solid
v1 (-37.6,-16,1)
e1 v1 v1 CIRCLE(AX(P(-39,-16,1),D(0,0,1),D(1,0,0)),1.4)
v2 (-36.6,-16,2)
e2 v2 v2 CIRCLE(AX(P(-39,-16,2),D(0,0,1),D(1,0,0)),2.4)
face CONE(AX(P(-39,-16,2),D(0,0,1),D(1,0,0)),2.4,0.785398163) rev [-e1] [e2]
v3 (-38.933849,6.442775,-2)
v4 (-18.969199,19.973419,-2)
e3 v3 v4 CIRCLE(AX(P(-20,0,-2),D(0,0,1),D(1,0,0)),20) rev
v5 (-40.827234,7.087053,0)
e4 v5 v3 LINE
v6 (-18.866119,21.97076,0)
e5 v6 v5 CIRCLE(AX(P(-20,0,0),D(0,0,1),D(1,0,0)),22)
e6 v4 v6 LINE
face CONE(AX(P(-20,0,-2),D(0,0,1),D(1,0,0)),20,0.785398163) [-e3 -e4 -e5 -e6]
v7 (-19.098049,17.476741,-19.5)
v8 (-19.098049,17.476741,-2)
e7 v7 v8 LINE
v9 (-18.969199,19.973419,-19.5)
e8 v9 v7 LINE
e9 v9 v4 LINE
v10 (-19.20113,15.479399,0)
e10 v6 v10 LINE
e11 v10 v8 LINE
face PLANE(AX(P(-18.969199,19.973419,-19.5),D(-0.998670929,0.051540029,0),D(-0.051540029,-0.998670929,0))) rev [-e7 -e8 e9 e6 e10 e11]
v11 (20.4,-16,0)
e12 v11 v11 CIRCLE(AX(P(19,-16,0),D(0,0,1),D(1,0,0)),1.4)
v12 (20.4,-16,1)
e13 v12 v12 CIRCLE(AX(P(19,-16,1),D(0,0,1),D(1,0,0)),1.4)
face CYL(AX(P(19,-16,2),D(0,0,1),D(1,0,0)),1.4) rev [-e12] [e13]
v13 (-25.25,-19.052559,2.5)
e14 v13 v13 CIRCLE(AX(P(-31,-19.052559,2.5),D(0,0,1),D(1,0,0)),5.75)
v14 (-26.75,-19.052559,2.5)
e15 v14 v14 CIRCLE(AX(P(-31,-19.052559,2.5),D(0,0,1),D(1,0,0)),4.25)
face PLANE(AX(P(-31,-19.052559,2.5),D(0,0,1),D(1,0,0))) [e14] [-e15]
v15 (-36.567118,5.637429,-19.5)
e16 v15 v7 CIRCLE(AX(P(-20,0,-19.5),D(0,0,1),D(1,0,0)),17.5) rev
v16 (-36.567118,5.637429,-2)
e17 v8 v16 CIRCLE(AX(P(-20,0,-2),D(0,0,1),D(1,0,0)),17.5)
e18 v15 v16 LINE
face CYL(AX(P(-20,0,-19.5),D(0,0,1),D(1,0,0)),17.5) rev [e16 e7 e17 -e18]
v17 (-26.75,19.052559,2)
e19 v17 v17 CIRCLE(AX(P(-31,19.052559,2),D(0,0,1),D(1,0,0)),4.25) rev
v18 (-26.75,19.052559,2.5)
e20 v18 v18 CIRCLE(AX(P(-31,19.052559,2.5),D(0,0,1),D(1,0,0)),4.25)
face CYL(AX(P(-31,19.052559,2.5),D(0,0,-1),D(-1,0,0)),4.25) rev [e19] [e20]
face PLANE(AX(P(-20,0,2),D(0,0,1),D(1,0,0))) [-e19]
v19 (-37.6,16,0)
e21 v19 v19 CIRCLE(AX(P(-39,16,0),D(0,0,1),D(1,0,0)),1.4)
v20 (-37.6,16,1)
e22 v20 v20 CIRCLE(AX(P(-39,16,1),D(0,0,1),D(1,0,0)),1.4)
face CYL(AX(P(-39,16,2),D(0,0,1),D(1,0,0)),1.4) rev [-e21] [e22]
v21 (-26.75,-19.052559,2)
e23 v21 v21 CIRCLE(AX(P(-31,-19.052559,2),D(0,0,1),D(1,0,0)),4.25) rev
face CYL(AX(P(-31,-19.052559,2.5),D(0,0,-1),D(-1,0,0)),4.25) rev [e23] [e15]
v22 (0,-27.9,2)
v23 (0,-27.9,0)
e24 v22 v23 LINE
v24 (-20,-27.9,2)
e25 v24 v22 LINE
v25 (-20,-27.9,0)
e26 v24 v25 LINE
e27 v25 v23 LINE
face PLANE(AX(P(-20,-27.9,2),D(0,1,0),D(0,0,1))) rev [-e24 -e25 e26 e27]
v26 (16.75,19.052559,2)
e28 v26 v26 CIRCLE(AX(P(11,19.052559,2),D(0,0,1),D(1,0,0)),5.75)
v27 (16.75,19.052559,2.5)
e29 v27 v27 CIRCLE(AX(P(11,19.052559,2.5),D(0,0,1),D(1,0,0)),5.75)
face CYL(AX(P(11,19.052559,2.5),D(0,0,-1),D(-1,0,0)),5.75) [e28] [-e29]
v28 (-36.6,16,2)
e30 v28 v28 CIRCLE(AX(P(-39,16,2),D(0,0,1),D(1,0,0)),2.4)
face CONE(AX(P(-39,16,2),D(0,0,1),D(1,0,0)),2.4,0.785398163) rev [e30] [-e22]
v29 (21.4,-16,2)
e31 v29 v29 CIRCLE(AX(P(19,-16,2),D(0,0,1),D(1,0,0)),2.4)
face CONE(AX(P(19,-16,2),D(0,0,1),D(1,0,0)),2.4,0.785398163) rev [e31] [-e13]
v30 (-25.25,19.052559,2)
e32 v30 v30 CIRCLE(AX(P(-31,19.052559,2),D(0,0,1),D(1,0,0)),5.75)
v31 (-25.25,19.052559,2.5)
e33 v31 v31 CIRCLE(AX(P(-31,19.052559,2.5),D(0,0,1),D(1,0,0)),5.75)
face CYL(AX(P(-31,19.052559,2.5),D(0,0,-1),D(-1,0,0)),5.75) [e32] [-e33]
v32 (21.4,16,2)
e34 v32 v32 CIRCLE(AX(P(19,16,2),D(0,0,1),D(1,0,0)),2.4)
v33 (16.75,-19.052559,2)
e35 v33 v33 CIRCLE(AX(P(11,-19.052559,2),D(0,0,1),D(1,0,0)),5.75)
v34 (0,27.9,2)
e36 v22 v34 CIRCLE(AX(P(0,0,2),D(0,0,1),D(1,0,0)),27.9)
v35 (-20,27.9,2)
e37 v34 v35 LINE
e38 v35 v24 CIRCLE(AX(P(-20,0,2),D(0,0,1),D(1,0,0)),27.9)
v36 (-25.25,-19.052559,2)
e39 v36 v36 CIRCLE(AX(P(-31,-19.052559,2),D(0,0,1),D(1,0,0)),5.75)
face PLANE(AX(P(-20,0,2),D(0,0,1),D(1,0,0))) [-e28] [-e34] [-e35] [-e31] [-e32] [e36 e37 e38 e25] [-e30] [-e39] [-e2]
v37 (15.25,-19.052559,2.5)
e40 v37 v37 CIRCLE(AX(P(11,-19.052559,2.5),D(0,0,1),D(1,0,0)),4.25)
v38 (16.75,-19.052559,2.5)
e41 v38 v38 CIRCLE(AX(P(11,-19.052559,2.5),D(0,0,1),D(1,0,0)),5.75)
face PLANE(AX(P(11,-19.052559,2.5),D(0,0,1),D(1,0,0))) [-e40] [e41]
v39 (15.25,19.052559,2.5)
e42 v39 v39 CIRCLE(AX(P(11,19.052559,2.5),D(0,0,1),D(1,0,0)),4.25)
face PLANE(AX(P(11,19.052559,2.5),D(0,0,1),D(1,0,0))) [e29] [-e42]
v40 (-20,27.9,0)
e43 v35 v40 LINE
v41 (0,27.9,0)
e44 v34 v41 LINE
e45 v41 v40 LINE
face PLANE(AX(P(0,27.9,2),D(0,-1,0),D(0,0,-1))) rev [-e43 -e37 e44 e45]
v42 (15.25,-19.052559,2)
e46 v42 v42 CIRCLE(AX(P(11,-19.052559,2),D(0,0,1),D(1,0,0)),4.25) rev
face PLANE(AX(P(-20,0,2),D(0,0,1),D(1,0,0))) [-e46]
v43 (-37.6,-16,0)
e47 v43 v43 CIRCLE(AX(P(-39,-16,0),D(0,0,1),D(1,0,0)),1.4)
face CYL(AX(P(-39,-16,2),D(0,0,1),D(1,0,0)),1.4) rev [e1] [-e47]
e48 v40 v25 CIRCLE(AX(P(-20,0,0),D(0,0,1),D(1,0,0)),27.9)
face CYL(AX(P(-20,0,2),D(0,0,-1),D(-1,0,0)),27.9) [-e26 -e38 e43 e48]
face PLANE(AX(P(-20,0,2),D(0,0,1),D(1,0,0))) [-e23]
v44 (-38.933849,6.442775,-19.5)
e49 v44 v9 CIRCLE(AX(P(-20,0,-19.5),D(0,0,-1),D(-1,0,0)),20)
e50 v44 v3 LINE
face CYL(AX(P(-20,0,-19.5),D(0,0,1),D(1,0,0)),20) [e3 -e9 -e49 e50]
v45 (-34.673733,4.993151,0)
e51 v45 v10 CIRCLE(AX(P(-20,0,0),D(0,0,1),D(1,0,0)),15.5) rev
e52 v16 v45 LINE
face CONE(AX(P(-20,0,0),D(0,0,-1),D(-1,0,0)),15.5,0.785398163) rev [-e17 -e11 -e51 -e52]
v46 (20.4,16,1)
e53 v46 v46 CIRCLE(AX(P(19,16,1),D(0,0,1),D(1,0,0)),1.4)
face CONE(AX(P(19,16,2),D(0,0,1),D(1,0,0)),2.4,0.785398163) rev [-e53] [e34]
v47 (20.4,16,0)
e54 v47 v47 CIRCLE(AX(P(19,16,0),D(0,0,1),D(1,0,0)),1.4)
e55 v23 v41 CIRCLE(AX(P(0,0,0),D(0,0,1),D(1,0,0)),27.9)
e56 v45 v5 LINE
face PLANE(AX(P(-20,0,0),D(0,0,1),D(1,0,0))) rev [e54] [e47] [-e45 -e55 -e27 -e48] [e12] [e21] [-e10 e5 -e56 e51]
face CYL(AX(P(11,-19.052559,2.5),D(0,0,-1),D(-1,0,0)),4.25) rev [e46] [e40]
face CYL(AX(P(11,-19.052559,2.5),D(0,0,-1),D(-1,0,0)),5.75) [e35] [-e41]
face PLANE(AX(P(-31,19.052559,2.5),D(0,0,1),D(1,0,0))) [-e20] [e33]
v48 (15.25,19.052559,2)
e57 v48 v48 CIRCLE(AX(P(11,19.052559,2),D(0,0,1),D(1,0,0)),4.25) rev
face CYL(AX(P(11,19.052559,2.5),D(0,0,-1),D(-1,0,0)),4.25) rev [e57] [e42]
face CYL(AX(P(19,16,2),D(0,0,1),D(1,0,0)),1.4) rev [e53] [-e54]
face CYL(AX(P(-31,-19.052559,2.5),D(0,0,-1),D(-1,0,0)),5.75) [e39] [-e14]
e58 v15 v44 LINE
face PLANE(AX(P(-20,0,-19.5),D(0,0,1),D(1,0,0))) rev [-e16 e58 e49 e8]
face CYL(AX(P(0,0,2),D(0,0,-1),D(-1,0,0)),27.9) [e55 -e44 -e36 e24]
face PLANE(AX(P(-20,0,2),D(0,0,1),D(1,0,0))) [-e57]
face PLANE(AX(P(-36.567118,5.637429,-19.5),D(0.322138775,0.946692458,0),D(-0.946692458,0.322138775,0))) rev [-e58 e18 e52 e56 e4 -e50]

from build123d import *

# Parameters (mm, degrees)
EXTRUDE_1_DEPTH           = 2
HOLE_WIZARD_1_D           = 2.8
HOLE_WIZARD_1_DEPTH       = 7.5
HOLE_WIZARD_1_CSINK_D     = 4.8
HOLE_WIZARD_1_CSINK_ANGLE = 90
HOLE_WIZARD_1_TIP         = 0.841204867
SKETCH_4_R                = 5.75
SKETCH_4_R_2              = 4.25
EXTRUDE_1_2_DEPTH         = 0.5
EXTRUDE_2_DEPTH           = 21.5
CHAMFER_1_SIZE            = 2


with BuildPart() as part:
    # 草图1 → Extrude 1 (new body)
    with BuildSketch(Plane.XY):
        with BuildLine():
            Line((-20, -27.9), (0, -27.9))
            ThreePointArc((0, -27.9), (27.9, 0), (0, 27.9))
            Line((0, 27.9), (-20, 27.9))
            ThreePointArc((-20, 27.9), (-47.9, 0), (-20, -27.9))
        make_face()
    extrude(amount=EXTRUDE_1_DEPTH)

    # 打孔尺寸(%根据十字)槽沉头自攻螺钉的类型1
    with Locations(Plane.XY.offset(2)):
        with Locations((-39, 16), (-39, -16), (19, 16), (19, -16), (-60.528138983, 2.67584761), (-55.747291253, 1.462796694)):
            CounterSinkHole(HOLE_WIZARD_1_D / 2, HOLE_WIZARD_1_CSINK_D / 2, depth=HOLE_WIZARD_1_DEPTH, counter_sink_angle=HOLE_WIZARD_1_CSINK_ANGLE)
            with Locations((0, 0, -(HOLE_WIZARD_1_DEPTH + HOLE_WIZARD_1_TIP / 2))):  # 118° drill point
                Cone(0, HOLE_WIZARD_1_D / 2, HOLE_WIZARD_1_TIP, mode=Mode.SUBTRACT)

    # 草图4 → Extrude 1 2 (add)
    # profile 1 of 4: a face of its own
    with BuildSketch(Plane.XY.offset(2)):
        with Locations((11, -19.052558883)):
            Circle(SKETCH_4_R)
        with Locations((11, -19.052558883)):
            Circle(SKETCH_4_R_2, mode=Mode.SUBTRACT)
    # profile 2 of 4: a face of its own
    with BuildSketch(Plane.XY.offset(2)):
        with Locations((11, 19.052558883)):
            Circle(SKETCH_4_R)
        with Locations((11, 19.052558883)):
            Circle(SKETCH_4_R_2, mode=Mode.SUBTRACT)
    # profile 3 of 4: a face of its own
    with BuildSketch(Plane.XY.offset(2)):
        with Locations((-31, 19.052558883)):
            Circle(SKETCH_4_R)
        with Locations((-31, 19.052558883)):
            Circle(SKETCH_4_R_2, mode=Mode.SUBTRACT)
    # profile 4 of 4: a face of its own
    with BuildSketch(Plane.XY.offset(2)):
        with Locations((-31, -19.052558883)):
            Circle(SKETCH_4_R)
        with Locations((-31, -19.052558883)):
            Circle(SKETCH_4_R_2, mode=Mode.SUBTRACT)
    extrude(amount=EXTRUDE_1_2_DEPTH)

    # 草图5 → 拉伸-薄壁2 (add)
    with BuildSketch(Plane.XY.offset(2)):
        with BuildLine():
            ThreePointArc((-38.933849158, 6.442775494), (-31.220488522, 16.55598494), (-18.969199414, 19.973418589))
            Line((-18.969199414, 19.973418589), (-19.098049487, 17.476741266))
            ThreePointArc((-19.098049487, 17.476741266), (-29.817927457, 14.486486822), (-36.567118013, 5.637428557))
            Line((-36.567118013, 5.637428557), (-38.933849158, 6.442775494))
        make_face()
    extrude(amount=-EXTRUDE_2_DEPTH)

    # 倒角1
    chamfer_1_edges = [part.edges().sort_by_distance(p)[0] for p in [
        (-31.220488522, 16.55598494, 0),
        (-29.817927457, 14.486486822, 0),
    ]]
    chamfer(chamfer_1_edges, length=CHAMFER_1_SIZE)


solid = part.part
